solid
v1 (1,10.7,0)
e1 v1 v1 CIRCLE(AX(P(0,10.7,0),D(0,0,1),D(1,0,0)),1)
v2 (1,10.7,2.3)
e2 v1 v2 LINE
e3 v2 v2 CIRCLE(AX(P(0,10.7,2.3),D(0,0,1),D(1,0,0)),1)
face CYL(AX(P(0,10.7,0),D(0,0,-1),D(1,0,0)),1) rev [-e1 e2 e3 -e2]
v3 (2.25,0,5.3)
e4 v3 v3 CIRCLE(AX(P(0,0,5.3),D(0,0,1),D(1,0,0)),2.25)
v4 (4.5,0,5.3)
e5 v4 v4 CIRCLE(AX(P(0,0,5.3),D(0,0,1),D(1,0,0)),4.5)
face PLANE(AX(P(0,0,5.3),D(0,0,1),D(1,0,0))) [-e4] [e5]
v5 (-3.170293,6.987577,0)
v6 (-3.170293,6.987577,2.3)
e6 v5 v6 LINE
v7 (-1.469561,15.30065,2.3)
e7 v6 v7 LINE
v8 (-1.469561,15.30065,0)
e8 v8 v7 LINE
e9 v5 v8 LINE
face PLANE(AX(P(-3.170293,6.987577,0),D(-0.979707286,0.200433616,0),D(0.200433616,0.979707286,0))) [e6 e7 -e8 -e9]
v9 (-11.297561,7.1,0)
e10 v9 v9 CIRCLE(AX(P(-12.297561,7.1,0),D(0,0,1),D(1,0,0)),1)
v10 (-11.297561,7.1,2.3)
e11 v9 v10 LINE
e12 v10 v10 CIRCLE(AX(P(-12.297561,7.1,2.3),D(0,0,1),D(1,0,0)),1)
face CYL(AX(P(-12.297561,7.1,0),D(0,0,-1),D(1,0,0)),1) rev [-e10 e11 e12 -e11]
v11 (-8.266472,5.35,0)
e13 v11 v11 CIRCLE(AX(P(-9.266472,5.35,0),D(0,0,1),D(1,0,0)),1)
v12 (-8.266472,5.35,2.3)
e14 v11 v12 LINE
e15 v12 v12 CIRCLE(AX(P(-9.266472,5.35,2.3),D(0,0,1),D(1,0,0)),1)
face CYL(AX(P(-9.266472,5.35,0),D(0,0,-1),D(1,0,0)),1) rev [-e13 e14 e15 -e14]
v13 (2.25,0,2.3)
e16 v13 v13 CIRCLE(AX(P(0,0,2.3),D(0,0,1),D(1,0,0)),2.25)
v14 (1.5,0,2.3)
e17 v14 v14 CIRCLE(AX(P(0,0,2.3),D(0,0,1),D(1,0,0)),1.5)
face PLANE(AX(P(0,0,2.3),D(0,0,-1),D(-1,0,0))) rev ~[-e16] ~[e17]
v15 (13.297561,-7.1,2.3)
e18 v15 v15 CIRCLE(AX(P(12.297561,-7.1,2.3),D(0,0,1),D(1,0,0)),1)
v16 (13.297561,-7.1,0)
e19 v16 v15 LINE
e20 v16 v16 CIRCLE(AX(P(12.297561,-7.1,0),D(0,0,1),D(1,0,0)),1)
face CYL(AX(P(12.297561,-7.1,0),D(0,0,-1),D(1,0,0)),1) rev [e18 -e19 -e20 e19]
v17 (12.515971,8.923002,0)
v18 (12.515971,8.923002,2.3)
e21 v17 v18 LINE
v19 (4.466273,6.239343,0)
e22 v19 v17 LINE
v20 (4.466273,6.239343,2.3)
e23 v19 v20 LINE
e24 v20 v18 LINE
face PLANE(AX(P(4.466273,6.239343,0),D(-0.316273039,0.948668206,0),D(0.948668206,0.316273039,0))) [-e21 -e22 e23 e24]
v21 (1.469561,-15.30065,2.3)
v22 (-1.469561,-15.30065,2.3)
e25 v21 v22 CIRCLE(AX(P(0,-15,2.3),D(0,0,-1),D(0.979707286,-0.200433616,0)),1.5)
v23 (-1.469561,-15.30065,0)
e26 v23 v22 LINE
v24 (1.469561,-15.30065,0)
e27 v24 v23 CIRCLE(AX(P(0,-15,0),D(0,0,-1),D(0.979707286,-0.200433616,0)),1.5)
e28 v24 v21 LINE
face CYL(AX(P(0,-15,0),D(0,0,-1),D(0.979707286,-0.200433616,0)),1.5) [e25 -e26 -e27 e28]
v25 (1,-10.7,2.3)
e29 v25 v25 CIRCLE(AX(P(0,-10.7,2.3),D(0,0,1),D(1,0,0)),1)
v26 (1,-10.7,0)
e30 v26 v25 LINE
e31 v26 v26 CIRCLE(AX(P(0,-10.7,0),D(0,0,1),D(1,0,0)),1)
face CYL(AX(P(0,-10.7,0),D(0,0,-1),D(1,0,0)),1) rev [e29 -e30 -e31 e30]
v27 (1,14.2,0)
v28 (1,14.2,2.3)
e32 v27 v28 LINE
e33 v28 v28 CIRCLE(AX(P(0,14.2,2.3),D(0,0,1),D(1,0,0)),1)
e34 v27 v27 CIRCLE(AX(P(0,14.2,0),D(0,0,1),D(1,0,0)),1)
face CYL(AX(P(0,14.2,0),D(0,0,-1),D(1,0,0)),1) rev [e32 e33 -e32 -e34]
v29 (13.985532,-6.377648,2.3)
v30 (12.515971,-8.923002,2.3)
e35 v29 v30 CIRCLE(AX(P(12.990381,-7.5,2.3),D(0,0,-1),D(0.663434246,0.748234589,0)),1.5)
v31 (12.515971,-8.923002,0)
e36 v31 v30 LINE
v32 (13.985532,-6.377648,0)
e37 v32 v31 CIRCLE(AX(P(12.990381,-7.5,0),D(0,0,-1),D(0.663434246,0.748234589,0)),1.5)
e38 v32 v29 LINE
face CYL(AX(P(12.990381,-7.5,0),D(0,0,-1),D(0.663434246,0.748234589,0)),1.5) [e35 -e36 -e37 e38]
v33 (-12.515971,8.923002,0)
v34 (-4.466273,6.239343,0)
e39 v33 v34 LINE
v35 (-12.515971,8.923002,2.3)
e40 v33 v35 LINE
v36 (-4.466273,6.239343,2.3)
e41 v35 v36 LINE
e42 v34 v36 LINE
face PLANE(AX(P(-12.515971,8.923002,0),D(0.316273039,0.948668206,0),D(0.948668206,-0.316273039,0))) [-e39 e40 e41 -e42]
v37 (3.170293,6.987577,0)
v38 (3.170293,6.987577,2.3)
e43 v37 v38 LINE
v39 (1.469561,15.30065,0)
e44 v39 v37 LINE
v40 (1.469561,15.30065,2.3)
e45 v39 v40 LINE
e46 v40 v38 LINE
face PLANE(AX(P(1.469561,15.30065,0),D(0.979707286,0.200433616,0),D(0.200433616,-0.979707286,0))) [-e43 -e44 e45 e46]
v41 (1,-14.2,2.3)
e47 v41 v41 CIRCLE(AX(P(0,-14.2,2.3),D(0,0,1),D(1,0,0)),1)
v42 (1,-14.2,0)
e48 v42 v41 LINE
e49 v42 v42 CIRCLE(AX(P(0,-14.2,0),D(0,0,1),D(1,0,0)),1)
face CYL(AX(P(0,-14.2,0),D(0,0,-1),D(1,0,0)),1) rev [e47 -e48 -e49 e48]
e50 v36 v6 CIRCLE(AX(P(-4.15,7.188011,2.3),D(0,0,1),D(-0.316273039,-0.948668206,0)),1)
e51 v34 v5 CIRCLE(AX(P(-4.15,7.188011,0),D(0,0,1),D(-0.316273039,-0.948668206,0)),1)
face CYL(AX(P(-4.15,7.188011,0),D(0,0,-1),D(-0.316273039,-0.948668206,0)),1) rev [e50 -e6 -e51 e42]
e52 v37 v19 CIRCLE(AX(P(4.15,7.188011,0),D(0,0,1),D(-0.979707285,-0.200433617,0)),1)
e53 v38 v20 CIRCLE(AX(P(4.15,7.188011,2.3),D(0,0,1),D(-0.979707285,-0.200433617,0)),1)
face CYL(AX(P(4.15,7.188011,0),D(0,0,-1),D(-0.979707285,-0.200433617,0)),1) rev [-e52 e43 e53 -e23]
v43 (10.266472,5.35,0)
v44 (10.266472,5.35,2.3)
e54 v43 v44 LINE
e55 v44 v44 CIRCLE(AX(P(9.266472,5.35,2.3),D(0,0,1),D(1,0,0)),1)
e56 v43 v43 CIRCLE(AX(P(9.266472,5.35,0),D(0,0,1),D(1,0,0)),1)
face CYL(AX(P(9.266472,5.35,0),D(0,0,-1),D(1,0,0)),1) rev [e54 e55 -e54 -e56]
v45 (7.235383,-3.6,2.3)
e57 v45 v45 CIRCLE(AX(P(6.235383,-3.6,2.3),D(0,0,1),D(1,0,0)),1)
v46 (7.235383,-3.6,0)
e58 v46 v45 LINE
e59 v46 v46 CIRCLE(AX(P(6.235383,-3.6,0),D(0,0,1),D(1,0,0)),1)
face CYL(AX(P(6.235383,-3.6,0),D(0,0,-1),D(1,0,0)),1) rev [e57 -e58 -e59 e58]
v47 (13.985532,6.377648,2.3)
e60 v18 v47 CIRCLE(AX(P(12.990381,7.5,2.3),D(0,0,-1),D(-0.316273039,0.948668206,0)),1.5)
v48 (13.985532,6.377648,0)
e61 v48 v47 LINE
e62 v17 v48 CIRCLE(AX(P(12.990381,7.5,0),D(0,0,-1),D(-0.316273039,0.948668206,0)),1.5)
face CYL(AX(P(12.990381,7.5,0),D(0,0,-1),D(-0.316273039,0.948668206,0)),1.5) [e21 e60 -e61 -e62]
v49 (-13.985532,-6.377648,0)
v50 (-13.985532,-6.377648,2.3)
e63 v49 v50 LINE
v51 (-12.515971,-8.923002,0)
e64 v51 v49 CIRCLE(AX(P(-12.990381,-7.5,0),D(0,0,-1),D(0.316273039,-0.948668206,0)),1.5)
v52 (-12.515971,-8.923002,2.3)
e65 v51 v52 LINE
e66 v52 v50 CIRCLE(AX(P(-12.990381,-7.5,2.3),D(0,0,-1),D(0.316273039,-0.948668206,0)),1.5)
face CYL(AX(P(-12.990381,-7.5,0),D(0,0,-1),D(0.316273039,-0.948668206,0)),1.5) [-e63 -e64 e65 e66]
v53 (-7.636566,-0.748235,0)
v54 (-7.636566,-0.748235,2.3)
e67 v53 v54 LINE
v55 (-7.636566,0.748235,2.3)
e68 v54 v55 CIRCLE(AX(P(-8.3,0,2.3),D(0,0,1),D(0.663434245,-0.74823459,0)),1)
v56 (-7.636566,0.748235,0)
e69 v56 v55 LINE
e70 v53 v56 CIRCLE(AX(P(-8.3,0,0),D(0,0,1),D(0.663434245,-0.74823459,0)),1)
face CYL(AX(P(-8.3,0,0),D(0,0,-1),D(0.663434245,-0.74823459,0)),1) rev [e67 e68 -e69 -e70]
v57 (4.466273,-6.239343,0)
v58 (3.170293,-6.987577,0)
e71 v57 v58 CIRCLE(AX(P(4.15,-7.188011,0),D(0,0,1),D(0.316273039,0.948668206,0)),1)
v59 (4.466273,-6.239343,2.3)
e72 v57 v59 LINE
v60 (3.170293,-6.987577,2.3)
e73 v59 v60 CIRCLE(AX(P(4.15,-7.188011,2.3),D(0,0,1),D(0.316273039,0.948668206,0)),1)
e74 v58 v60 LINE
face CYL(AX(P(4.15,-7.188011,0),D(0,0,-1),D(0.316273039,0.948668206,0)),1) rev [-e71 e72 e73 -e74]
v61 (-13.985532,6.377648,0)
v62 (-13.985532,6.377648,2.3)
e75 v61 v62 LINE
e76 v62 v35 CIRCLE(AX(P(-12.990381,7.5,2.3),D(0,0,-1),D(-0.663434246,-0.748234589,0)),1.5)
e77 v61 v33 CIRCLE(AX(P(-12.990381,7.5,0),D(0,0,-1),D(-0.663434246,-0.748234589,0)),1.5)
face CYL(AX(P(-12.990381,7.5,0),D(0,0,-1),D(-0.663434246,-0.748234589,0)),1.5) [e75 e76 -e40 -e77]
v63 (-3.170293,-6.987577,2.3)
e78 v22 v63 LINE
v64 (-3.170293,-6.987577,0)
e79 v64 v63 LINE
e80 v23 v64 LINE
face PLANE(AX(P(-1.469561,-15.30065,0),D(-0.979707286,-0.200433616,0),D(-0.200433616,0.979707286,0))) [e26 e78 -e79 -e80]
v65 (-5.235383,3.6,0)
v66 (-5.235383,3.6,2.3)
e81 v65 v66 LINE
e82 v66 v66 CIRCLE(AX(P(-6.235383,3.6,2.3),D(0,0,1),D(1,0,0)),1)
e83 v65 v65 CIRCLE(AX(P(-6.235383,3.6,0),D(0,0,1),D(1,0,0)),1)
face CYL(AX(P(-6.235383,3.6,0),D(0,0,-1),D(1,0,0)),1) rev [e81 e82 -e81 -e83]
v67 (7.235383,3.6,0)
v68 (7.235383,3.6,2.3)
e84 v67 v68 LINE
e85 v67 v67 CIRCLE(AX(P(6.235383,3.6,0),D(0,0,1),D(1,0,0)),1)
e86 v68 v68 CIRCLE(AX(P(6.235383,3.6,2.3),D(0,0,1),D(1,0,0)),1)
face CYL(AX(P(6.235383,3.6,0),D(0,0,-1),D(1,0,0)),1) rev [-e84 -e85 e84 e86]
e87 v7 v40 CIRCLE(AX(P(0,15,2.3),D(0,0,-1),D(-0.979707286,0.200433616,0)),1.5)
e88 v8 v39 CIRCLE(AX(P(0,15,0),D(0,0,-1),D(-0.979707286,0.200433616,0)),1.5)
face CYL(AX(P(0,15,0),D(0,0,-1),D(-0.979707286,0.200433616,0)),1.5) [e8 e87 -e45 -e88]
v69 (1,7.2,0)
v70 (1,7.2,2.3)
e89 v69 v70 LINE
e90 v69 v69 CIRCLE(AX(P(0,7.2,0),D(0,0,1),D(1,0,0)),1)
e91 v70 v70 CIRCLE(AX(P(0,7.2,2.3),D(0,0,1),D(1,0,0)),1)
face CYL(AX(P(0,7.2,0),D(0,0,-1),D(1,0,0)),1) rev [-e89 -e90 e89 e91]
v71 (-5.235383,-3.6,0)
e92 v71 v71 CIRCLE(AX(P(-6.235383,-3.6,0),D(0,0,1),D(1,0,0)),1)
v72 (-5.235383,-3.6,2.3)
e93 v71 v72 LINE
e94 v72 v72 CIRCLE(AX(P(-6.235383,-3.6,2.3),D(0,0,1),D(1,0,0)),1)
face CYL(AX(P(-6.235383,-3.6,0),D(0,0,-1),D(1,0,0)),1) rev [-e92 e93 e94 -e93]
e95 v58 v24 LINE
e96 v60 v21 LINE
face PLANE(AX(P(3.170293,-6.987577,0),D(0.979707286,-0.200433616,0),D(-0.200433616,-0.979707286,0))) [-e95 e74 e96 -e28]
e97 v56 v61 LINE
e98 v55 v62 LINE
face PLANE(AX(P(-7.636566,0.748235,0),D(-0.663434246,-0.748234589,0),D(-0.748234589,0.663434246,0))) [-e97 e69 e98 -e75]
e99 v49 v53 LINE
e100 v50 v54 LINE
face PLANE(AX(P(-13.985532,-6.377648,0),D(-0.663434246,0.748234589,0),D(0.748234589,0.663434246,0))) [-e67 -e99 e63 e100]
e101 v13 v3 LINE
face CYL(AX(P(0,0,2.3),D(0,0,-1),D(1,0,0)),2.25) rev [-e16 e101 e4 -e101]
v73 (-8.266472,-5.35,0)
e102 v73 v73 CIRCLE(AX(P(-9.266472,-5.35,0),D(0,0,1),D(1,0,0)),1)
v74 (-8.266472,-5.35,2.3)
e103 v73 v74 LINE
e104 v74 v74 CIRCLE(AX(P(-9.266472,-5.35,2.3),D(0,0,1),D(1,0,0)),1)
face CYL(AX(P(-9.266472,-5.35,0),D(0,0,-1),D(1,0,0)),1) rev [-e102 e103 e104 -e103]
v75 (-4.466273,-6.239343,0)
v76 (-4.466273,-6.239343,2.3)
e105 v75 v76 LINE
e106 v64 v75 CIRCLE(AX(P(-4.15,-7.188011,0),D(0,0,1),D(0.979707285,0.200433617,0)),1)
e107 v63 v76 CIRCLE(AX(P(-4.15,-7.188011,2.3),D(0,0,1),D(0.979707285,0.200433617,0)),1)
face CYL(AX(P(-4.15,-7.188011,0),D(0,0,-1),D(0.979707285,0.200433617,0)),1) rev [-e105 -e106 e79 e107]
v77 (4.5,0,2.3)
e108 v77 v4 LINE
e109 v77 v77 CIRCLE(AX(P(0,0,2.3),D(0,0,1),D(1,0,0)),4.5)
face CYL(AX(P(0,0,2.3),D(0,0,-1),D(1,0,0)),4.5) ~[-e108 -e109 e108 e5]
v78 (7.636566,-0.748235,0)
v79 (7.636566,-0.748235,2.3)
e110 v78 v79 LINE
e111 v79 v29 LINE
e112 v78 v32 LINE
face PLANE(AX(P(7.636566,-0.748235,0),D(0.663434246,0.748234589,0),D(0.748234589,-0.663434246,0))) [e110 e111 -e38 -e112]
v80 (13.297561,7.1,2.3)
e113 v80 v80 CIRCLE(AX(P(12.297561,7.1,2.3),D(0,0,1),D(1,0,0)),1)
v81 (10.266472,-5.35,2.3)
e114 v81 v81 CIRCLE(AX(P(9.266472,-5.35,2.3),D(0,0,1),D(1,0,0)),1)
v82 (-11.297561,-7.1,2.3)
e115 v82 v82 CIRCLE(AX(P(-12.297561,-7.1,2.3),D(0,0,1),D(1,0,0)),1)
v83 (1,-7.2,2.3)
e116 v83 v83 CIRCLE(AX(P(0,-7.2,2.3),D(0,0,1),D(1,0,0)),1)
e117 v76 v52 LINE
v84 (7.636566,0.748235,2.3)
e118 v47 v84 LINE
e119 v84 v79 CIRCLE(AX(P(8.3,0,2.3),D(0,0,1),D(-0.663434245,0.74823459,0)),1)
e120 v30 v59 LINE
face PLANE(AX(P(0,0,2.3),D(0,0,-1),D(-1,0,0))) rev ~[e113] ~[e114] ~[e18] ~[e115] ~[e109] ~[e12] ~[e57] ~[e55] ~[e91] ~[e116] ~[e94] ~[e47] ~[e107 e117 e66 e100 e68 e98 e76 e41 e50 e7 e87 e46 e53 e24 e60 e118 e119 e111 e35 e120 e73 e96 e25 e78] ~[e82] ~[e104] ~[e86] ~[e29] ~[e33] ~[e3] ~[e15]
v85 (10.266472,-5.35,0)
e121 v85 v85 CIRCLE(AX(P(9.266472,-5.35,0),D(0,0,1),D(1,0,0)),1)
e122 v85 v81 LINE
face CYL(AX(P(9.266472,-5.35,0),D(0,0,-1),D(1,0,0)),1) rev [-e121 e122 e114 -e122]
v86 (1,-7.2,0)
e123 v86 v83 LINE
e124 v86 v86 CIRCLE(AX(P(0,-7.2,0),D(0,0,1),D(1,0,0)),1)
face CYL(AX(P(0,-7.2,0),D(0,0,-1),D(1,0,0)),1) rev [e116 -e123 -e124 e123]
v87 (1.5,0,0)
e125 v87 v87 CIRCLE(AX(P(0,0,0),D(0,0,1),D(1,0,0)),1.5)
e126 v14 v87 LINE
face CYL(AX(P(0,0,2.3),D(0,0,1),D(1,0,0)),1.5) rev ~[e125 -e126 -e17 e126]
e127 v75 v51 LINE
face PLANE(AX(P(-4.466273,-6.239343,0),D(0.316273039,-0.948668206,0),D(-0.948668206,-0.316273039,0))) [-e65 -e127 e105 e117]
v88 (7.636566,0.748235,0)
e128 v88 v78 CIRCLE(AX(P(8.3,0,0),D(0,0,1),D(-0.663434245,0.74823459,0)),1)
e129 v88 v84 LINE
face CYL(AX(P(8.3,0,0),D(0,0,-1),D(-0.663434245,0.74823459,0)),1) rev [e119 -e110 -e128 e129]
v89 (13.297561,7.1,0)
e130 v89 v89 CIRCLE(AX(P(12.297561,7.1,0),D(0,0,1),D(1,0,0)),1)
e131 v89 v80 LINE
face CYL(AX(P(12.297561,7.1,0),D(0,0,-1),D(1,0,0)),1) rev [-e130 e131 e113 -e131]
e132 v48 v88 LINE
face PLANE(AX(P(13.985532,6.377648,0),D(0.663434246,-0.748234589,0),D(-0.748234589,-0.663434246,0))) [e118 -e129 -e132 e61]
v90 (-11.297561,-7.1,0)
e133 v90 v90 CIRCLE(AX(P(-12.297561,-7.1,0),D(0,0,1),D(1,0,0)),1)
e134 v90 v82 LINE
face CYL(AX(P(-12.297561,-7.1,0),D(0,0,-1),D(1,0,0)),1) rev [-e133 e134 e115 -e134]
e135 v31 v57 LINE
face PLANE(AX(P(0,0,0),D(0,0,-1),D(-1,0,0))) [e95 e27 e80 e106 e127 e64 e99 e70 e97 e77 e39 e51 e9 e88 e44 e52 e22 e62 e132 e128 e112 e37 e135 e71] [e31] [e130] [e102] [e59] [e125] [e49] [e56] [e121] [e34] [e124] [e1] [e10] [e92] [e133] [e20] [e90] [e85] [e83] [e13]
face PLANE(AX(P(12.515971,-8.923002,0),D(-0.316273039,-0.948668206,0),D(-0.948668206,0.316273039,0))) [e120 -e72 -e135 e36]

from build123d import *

# Parameters (mm, degrees)
SKETCH1_R           = 1
BOSS_EXTRUDE1_DEPTH = 2.3
CUT_EXTRUDE1_REACH  = 24.08
SKETCH2_R           = 1.5
SKETCH3_R           = 4.5
SKETCH3_R_2         = 2.25
BOSS_EXTRUDE2_DEPTH = 3


with BuildPart() as part:
    # Sketch1 → Boss-Extrude1 (new body)
    with BuildSketch(Plane.XY):
        with BuildLine():
            Line((-3.170292714, 6.987577235), (-1.469560928, 15.300650424))
            ThreePointArc((-1.469560928, 15.300650424), (0, 16.5), (1.469560928, 15.300650424))
            Line((1.469560928, 15.300650424), (3.170292714, 6.987577235))
            ThreePointArc((3.170292714, 6.987577235), (3.65, 6.321985448), (4.466273039, 6.239342646))
            Line((4.466273039, 6.239342646), (12.515971498, 8.923002309))
            ThreePointArc((12.515971498, 8.923002309), (14.289419162, 8.25), (13.985532426, 6.377648116))
            Line((13.985532426, 6.377648116), (7.636565754, 0.748234589))
            ThreePointArc((7.636565754, 0.748234589), (7.3, 0), (7.636565754, -0.748234589))
            Line((7.636565754, -0.748234589), (13.985532426, -6.377648116))
            ThreePointArc((13.985532426, -6.377648116), (14.289419162, -8.25), (12.515971498, -8.923002309))
            Line((12.515971498, -8.923002309), (4.466273039, -6.239342646))
            ThreePointArc((4.466273039, -6.239342646), (3.65, -6.321985448), (3.170292714, -6.987577235))
            Line((3.170292714, -6.987577235), (1.469560928, -15.300650424))
            ThreePointArc((1.469560928, -15.300650424), (0, -16.5), (-1.469560928, -15.300650424))
            Line((-1.469560928, -15.300650424), (-3.170292714, -6.987577235))
            ThreePointArc((-3.170292714, -6.987577235), (-3.65, -6.321985448), (-4.466273039, -6.239342646))
            Line((-4.466273039, -6.239342646), (-12.515971498, -8.923002309))
            ThreePointArc((-12.515971498, -8.923002309), (-14.289419162, -8.25), (-13.985532426, -6.377648116))
            Line((-13.985532426, -6.377648116), (-7.636565754, -0.748234589))
            ThreePointArc((-7.636565754, -0.748234589), (-7.3, 0), (-7.636565754, 0.748234589))
            Line((-7.636565754, 0.748234589), (-13.985532426, 6.377648116))
            ThreePointArc((-13.985532426, 6.377648116), (-14.289419162, 8.25), (-12.515971498, 8.923002309))
            Line((-12.515971498, 8.923002309), (-4.466273039, 6.239342646))
            ThreePointArc((-4.466273039, 6.239342646), (-3.65, 6.321985448), (-3.170292714, 6.987577235))
        make_face()
        with Locations((0, 14.2)):
            Circle(SKETCH1_R, mode=Mode.SUBTRACT)
        with Locations((0, 10.7)):
            Circle(SKETCH1_R, mode=Mode.SUBTRACT)
        with Locations((0, 7.2)):
            Circle(SKETCH1_R, mode=Mode.SUBTRACT)
        with Locations((6.235382907, 3.6)):
            Circle(SKETCH1_R, mode=Mode.SUBTRACT)
        with Locations((9.26647182, 5.35)):
            Circle(SKETCH1_R, mode=Mode.SUBTRACT)
        with Locations((12.297560734, 7.1)):
            Circle(SKETCH1_R, mode=Mode.SUBTRACT)
        with Locations((6.235382907, -3.6)):
            Circle(SKETCH1_R, mode=Mode.SUBTRACT)
        with Locations((9.26647182, -5.35)):
            Circle(SKETCH1_R, mode=Mode.SUBTRACT)
        with Locations((12.297560734, -7.1)):
            Circle(SKETCH1_R, mode=Mode.SUBTRACT)
        with Locations((0, -7.2)):
            Circle(SKETCH1_R, mode=Mode.SUBTRACT)
        with Locations((0, -10.7)):
            Circle(SKETCH1_R, mode=Mode.SUBTRACT)
        with Locations((0, -14.2)):
            Circle(SKETCH1_R, mode=Mode.SUBTRACT)
        with Locations((-6.235382907, -3.6)):
            Circle(SKETCH1_R, mode=Mode.SUBTRACT)
        with Locations((-9.26647182, -5.35)):
            Circle(SKETCH1_R, mode=Mode.SUBTRACT)
        with Locations((-12.297560734, -7.1)):
            Circle(SKETCH1_R, mode=Mode.SUBTRACT)
        with Locations((-6.235382907, 3.6)):
            Circle(SKETCH1_R, mode=Mode.SUBTRACT)
        with Locations((-9.26647182, 5.35)):
            Circle(SKETCH1_R, mode=Mode.SUBTRACT)
        with Locations((-12.297560734, 7.1)):
            Circle(SKETCH1_R, mode=Mode.SUBTRACT)
    extrude(amount=BOSS_EXTRUDE1_DEPTH)

    # Sketch2 → Cut-Extrude1 (cut, up to next)
    with BuildSketch(Plane.XY.offset(2.3), mode=Mode.PRIVATE) as cut_extrude1_sk1:
        Circle(SKETCH2_R)
    cut_extrude1_tool1 = extrude(cut_extrude1_sk1.sketch, amount=-CUT_EXTRUDE1_REACH, mode=Mode.PRIVATE) & part.part
    add(cut_extrude1_tool1.solids().sort_by_distance((0, 0, 2.3))[0], mode=Mode.SUBTRACT)

    # Sketch3 → Boss-Extrude2 (add)
    with BuildSketch(Plane.XY.offset(2.3)):
        Circle(SKETCH3_R)
        Circle(SKETCH3_R_2, mode=Mode.SUBTRACT)
    extrude(amount=BOSS_EXTRUDE2_DEPTH)


solid = part.part
